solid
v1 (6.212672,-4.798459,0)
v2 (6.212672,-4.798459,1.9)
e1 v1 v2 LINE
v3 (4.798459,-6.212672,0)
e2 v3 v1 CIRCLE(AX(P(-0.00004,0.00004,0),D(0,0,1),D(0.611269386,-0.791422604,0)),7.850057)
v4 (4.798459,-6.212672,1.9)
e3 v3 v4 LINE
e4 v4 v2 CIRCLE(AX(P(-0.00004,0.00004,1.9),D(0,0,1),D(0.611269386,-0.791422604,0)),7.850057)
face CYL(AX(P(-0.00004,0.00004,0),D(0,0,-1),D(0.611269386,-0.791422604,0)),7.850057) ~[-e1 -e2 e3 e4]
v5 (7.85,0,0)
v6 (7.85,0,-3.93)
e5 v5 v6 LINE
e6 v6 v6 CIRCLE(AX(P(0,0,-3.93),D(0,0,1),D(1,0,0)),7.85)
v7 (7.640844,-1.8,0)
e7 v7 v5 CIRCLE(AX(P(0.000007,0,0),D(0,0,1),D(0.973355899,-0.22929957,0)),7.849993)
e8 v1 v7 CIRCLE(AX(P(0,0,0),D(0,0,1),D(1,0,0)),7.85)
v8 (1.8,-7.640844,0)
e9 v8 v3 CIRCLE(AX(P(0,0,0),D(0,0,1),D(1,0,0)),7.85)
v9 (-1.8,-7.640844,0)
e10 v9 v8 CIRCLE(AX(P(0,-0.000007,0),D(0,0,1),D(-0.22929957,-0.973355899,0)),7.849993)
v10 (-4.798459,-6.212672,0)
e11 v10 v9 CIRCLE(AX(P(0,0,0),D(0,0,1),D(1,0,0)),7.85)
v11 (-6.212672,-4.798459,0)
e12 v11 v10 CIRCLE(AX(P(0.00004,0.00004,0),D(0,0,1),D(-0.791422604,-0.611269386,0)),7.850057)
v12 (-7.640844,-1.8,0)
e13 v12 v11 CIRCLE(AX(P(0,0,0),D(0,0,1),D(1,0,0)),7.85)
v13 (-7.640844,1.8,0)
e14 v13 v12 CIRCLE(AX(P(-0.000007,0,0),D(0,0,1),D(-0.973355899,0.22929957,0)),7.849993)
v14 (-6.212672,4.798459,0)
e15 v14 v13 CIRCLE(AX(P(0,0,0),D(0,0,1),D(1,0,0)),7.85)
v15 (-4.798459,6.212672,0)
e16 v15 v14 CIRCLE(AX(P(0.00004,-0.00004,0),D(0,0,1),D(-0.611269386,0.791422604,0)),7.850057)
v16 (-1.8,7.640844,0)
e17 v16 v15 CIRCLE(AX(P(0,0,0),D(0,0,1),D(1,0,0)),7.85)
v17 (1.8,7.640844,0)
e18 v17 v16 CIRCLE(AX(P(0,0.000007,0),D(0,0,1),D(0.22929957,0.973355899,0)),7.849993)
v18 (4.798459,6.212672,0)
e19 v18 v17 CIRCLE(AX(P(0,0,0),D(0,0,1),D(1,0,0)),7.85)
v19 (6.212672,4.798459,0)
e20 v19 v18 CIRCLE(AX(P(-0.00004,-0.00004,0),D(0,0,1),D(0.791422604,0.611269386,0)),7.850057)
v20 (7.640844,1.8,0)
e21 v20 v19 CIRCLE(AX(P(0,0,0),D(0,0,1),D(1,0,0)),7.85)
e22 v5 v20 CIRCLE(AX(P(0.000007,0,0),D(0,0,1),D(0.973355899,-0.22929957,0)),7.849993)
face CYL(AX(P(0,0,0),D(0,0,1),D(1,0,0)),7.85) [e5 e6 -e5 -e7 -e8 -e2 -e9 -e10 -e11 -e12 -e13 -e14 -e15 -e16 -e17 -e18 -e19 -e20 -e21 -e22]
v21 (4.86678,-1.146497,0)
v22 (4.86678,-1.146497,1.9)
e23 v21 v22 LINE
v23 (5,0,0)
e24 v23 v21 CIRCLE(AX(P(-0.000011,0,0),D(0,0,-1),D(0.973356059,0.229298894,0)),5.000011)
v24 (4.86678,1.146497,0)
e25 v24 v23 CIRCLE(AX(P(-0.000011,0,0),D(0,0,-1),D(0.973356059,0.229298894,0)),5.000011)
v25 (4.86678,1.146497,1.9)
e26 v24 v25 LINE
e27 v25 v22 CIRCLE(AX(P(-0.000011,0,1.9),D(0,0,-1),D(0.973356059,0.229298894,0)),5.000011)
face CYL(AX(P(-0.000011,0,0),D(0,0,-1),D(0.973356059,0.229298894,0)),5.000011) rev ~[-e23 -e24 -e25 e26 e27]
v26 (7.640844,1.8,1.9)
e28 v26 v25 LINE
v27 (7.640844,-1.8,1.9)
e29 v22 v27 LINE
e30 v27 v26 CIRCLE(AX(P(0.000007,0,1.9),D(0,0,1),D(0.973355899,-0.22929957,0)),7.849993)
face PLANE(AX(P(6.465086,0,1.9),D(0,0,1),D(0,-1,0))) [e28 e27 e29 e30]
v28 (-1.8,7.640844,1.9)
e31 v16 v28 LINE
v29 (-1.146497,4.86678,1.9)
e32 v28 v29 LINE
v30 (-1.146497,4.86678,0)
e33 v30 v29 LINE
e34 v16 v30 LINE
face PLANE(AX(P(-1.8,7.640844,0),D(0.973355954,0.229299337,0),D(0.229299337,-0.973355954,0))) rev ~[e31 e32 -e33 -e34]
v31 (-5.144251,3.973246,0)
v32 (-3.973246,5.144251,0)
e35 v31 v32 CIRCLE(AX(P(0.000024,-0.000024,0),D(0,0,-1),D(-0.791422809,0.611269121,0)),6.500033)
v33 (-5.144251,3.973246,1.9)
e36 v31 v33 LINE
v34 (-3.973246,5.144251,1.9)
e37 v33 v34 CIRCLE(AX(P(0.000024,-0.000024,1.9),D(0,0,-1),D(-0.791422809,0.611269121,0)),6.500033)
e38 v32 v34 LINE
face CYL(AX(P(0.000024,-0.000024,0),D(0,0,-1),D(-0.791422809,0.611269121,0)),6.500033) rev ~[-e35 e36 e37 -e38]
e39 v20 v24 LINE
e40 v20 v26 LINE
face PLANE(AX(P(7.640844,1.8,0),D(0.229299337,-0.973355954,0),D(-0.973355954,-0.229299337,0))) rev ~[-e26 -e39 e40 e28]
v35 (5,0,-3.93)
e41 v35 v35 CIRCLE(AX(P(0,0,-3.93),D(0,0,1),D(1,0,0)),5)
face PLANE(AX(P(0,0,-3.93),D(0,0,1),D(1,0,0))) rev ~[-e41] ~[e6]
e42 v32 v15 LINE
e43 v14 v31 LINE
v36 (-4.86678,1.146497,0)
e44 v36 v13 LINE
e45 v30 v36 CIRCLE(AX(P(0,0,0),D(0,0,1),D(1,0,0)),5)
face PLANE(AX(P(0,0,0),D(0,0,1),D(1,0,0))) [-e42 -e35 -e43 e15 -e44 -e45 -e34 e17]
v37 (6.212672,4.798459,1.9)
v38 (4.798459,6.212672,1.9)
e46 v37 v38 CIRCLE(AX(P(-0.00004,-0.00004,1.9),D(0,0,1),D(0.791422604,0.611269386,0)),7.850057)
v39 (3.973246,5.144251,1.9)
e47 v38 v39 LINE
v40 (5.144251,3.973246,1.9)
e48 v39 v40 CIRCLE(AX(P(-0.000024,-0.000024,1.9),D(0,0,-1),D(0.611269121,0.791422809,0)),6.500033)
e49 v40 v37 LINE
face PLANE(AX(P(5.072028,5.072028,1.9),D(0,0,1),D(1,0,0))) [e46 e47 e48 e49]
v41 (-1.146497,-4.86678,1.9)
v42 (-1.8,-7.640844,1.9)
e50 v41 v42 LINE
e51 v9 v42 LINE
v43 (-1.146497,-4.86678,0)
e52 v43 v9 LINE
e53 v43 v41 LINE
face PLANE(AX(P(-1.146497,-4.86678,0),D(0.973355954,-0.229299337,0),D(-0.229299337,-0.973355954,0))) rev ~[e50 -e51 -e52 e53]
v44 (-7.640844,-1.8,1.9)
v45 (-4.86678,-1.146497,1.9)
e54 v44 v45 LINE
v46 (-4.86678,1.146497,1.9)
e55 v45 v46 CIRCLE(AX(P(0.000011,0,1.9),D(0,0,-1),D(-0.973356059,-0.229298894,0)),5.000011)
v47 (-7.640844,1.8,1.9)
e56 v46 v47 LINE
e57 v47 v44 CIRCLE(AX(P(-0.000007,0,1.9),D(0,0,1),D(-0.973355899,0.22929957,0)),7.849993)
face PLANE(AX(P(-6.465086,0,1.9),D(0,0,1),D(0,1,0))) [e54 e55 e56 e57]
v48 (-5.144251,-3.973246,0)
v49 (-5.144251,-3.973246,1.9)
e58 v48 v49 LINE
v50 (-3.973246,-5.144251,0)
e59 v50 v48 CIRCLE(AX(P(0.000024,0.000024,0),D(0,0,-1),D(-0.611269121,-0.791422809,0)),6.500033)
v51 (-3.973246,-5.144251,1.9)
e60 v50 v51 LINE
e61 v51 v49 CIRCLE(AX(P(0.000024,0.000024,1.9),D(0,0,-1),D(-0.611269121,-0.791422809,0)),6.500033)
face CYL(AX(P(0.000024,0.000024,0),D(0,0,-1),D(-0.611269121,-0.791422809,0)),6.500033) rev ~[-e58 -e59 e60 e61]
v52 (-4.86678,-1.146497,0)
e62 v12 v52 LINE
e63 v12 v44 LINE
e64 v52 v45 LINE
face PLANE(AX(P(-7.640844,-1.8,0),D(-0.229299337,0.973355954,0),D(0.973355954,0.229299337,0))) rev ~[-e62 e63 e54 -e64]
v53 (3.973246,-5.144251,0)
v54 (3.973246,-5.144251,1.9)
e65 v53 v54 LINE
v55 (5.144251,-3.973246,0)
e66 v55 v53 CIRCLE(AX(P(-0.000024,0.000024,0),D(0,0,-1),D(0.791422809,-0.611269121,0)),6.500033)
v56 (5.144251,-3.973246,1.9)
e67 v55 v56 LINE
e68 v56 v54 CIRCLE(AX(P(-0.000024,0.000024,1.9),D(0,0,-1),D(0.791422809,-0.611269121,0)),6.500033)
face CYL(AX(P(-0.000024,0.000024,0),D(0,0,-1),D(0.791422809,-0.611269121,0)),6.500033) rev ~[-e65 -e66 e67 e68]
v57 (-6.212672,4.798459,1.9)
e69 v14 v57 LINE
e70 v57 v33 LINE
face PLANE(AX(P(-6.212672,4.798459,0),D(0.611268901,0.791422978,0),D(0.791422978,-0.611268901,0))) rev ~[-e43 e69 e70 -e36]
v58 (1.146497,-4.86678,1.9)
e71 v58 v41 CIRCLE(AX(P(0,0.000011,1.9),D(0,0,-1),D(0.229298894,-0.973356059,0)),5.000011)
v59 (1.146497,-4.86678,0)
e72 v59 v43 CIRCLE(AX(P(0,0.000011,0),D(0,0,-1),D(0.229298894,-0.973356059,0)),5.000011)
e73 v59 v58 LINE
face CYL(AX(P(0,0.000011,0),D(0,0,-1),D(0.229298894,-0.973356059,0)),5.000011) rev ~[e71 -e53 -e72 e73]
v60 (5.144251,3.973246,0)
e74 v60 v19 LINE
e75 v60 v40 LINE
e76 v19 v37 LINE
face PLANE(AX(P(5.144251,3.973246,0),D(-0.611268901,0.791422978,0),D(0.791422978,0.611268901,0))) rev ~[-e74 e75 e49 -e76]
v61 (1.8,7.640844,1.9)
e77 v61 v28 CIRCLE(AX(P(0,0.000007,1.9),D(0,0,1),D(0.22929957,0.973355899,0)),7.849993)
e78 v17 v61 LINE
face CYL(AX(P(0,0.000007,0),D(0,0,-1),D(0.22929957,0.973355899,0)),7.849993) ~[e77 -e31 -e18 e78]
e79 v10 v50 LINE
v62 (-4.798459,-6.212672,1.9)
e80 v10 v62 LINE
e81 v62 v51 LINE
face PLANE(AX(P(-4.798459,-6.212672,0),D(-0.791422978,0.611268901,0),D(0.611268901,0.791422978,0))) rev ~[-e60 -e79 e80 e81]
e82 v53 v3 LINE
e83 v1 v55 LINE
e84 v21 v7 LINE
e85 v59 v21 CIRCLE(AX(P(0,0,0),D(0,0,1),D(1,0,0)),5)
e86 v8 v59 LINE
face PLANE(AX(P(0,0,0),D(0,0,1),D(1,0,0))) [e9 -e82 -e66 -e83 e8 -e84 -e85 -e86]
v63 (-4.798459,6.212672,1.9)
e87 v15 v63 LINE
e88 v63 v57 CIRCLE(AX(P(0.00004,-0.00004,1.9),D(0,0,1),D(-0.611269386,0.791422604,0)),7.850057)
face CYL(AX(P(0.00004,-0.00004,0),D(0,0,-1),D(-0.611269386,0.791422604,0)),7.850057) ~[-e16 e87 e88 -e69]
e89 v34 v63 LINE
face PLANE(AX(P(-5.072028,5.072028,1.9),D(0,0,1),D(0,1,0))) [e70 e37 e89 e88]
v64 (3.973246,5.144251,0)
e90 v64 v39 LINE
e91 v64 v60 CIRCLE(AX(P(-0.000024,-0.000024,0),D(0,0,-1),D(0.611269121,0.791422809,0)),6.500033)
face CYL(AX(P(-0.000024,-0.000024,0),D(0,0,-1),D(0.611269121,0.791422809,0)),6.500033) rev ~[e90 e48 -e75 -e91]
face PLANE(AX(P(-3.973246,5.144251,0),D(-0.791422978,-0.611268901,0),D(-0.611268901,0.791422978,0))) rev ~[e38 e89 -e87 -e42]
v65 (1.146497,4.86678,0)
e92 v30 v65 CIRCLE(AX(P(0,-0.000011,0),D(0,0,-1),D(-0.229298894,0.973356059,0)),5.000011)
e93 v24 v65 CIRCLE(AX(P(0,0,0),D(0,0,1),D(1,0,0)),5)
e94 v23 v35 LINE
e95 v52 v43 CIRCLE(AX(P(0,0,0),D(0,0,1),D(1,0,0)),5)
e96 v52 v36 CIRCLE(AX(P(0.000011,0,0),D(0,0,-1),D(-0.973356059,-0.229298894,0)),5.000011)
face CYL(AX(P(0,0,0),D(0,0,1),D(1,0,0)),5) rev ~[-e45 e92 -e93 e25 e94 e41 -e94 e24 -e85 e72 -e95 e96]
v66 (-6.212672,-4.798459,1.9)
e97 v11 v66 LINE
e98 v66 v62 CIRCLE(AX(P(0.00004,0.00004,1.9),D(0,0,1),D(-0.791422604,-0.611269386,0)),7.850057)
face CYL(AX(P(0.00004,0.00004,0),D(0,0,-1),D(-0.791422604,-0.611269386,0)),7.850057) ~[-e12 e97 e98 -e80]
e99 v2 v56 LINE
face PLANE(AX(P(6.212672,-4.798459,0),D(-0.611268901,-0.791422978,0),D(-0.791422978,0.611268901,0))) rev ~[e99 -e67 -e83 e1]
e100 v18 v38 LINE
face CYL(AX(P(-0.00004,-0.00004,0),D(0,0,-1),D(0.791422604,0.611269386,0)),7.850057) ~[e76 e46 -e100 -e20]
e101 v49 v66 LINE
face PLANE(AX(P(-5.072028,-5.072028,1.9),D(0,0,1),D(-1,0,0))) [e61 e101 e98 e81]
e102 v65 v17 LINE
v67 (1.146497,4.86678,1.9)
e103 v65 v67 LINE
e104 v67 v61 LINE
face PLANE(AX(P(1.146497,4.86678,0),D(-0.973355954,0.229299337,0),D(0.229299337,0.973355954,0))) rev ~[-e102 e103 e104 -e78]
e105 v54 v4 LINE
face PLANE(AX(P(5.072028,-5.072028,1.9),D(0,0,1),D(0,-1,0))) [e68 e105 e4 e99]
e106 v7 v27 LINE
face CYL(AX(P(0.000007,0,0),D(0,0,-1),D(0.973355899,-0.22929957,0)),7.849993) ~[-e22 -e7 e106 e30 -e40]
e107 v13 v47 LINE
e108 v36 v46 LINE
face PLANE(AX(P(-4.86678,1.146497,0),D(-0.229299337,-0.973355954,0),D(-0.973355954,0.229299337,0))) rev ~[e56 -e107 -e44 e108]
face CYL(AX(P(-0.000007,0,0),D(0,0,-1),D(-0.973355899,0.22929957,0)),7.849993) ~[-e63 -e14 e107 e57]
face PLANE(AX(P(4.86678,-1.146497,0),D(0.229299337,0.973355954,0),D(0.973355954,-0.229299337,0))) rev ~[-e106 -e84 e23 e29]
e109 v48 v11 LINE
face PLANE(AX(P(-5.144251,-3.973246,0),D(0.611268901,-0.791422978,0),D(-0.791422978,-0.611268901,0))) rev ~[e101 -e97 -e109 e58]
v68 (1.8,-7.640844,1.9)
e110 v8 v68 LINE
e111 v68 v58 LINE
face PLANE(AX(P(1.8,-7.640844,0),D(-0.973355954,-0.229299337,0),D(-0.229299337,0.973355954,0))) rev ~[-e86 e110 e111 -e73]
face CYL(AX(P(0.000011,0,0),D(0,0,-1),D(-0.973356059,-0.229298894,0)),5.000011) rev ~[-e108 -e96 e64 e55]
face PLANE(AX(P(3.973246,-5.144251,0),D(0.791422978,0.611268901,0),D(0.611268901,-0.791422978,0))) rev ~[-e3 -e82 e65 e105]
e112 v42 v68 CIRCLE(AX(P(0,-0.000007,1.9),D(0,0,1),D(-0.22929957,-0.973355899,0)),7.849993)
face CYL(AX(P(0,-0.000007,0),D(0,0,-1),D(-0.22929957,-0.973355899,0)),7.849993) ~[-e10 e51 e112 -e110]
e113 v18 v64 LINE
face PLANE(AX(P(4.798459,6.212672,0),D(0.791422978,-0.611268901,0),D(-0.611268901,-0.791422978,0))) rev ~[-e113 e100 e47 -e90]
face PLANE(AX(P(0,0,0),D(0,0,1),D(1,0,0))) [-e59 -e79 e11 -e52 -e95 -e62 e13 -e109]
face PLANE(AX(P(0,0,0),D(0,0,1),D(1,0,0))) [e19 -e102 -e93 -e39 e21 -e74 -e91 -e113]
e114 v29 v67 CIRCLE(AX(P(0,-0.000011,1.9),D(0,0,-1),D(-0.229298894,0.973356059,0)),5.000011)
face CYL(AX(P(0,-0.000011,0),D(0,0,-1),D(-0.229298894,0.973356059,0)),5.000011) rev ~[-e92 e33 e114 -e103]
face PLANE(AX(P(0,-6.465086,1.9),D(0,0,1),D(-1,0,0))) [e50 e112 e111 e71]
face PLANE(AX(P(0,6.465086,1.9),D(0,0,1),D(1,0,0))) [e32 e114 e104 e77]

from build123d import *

# Parameters (mm, degrees)
F1_DEPTH = 1.9
F2_DEPTH = 1.9
F3_COUNT = 4
F4_R     = 7.85
F4_R_2   = 5
F6_DEPTH = 3.93


with BuildPart() as f1:
    # F0 (on Top) → F1 (new body)
    with BuildSketch(Plane.XY):
        with BuildLine():
            Line((1.146497, 4.86678), (1.8, 7.640844))
            ThreePointArc((1.8, 7.640844), (0, 7.85), (-1.8, 7.640844))
            Line((-1.8, 7.640844), (-1.146497, 4.86678))
            ThreePointArc((-1.146497, 4.86678), (0, 5), (1.146497, 4.86678))
        make_face()
    extrude(amount=F1_DEPTH)



with BuildPart() as f2:
    # F0 (on Top) → F2 (new body, through all)
    with BuildSketch(Plane.XY):
        with BuildLine():
            ThreePointArc((3.973246, 5.144251), (4.596194, 4.596194), (5.144251, 3.973246))
            Line((5.144251, 3.973246), (6.212672, 4.798459))
            ThreePointArc((6.212672, 4.798459), (5.550788, 5.550788), (4.798459, 6.212672))
            Line((4.798459, 6.212672), (3.973246, 5.144251))
        make_face()
    extrude(amount=F2_DEPTH)


with BuildPart() as f3_1:
    # F3: instance of F1
    add(f1.part.rotate(Axis((0, 0, 0), (0, 0, -1)), 1 * 360 / F3_COUNT))


with BuildPart() as f3_2:
    # F3: instance of F1
    add(f1.part.rotate(Axis((0, 0, 0), (0, 0, -1)), 2 * 360 / F3_COUNT))


with BuildPart() as f3_3:
    # F3: instance of F1
    add(f1.part.rotate(Axis((0, 0, 0), (0, 0, -1)), 3 * 360 / F3_COUNT))


with BuildPart() as f3_4:
    # F3: instance of F2
    add(f2.part.rotate(Axis((0, 0, 0), (0, 0, -1)), 1 * 360 / F3_COUNT))


with BuildPart() as f3_5:
    # F3: instance of F2
    add(f2.part.rotate(Axis((0, 0, 0), (0, 0, -1)), 2 * 360 / F3_COUNT))


with BuildPart() as f3_6:
    # F3: instance of F2
    add(f2.part.rotate(Axis((0, 0, 0), (0, 0, -1)), 3 * 360 / F3_COUNT))


with BuildPart() as f1_1:
    add(f1.part)

    add(f2.part)  # F6 merges F2

    add(f3_1.part)  # F6 merges F3_1

    add(f3_2.part)  # F6 merges F3_2

    add(f3_3.part)  # F6 merges F3_3

    add(f3_4.part)  # F6 merges F3_4

    add(f3_5.part)  # F6 merges F3_5

    add(f3_6.part)  # F6 merges F3_6
    # F4 (on Top) → F6 (join)
    with BuildSketch(Plane.XY):
        Circle(F4_R)
        Circle(F4_R_2, mode=Mode.SUBTRACT)
    extrude(amount=-F6_DEPTH)


solid = f1_1.part
